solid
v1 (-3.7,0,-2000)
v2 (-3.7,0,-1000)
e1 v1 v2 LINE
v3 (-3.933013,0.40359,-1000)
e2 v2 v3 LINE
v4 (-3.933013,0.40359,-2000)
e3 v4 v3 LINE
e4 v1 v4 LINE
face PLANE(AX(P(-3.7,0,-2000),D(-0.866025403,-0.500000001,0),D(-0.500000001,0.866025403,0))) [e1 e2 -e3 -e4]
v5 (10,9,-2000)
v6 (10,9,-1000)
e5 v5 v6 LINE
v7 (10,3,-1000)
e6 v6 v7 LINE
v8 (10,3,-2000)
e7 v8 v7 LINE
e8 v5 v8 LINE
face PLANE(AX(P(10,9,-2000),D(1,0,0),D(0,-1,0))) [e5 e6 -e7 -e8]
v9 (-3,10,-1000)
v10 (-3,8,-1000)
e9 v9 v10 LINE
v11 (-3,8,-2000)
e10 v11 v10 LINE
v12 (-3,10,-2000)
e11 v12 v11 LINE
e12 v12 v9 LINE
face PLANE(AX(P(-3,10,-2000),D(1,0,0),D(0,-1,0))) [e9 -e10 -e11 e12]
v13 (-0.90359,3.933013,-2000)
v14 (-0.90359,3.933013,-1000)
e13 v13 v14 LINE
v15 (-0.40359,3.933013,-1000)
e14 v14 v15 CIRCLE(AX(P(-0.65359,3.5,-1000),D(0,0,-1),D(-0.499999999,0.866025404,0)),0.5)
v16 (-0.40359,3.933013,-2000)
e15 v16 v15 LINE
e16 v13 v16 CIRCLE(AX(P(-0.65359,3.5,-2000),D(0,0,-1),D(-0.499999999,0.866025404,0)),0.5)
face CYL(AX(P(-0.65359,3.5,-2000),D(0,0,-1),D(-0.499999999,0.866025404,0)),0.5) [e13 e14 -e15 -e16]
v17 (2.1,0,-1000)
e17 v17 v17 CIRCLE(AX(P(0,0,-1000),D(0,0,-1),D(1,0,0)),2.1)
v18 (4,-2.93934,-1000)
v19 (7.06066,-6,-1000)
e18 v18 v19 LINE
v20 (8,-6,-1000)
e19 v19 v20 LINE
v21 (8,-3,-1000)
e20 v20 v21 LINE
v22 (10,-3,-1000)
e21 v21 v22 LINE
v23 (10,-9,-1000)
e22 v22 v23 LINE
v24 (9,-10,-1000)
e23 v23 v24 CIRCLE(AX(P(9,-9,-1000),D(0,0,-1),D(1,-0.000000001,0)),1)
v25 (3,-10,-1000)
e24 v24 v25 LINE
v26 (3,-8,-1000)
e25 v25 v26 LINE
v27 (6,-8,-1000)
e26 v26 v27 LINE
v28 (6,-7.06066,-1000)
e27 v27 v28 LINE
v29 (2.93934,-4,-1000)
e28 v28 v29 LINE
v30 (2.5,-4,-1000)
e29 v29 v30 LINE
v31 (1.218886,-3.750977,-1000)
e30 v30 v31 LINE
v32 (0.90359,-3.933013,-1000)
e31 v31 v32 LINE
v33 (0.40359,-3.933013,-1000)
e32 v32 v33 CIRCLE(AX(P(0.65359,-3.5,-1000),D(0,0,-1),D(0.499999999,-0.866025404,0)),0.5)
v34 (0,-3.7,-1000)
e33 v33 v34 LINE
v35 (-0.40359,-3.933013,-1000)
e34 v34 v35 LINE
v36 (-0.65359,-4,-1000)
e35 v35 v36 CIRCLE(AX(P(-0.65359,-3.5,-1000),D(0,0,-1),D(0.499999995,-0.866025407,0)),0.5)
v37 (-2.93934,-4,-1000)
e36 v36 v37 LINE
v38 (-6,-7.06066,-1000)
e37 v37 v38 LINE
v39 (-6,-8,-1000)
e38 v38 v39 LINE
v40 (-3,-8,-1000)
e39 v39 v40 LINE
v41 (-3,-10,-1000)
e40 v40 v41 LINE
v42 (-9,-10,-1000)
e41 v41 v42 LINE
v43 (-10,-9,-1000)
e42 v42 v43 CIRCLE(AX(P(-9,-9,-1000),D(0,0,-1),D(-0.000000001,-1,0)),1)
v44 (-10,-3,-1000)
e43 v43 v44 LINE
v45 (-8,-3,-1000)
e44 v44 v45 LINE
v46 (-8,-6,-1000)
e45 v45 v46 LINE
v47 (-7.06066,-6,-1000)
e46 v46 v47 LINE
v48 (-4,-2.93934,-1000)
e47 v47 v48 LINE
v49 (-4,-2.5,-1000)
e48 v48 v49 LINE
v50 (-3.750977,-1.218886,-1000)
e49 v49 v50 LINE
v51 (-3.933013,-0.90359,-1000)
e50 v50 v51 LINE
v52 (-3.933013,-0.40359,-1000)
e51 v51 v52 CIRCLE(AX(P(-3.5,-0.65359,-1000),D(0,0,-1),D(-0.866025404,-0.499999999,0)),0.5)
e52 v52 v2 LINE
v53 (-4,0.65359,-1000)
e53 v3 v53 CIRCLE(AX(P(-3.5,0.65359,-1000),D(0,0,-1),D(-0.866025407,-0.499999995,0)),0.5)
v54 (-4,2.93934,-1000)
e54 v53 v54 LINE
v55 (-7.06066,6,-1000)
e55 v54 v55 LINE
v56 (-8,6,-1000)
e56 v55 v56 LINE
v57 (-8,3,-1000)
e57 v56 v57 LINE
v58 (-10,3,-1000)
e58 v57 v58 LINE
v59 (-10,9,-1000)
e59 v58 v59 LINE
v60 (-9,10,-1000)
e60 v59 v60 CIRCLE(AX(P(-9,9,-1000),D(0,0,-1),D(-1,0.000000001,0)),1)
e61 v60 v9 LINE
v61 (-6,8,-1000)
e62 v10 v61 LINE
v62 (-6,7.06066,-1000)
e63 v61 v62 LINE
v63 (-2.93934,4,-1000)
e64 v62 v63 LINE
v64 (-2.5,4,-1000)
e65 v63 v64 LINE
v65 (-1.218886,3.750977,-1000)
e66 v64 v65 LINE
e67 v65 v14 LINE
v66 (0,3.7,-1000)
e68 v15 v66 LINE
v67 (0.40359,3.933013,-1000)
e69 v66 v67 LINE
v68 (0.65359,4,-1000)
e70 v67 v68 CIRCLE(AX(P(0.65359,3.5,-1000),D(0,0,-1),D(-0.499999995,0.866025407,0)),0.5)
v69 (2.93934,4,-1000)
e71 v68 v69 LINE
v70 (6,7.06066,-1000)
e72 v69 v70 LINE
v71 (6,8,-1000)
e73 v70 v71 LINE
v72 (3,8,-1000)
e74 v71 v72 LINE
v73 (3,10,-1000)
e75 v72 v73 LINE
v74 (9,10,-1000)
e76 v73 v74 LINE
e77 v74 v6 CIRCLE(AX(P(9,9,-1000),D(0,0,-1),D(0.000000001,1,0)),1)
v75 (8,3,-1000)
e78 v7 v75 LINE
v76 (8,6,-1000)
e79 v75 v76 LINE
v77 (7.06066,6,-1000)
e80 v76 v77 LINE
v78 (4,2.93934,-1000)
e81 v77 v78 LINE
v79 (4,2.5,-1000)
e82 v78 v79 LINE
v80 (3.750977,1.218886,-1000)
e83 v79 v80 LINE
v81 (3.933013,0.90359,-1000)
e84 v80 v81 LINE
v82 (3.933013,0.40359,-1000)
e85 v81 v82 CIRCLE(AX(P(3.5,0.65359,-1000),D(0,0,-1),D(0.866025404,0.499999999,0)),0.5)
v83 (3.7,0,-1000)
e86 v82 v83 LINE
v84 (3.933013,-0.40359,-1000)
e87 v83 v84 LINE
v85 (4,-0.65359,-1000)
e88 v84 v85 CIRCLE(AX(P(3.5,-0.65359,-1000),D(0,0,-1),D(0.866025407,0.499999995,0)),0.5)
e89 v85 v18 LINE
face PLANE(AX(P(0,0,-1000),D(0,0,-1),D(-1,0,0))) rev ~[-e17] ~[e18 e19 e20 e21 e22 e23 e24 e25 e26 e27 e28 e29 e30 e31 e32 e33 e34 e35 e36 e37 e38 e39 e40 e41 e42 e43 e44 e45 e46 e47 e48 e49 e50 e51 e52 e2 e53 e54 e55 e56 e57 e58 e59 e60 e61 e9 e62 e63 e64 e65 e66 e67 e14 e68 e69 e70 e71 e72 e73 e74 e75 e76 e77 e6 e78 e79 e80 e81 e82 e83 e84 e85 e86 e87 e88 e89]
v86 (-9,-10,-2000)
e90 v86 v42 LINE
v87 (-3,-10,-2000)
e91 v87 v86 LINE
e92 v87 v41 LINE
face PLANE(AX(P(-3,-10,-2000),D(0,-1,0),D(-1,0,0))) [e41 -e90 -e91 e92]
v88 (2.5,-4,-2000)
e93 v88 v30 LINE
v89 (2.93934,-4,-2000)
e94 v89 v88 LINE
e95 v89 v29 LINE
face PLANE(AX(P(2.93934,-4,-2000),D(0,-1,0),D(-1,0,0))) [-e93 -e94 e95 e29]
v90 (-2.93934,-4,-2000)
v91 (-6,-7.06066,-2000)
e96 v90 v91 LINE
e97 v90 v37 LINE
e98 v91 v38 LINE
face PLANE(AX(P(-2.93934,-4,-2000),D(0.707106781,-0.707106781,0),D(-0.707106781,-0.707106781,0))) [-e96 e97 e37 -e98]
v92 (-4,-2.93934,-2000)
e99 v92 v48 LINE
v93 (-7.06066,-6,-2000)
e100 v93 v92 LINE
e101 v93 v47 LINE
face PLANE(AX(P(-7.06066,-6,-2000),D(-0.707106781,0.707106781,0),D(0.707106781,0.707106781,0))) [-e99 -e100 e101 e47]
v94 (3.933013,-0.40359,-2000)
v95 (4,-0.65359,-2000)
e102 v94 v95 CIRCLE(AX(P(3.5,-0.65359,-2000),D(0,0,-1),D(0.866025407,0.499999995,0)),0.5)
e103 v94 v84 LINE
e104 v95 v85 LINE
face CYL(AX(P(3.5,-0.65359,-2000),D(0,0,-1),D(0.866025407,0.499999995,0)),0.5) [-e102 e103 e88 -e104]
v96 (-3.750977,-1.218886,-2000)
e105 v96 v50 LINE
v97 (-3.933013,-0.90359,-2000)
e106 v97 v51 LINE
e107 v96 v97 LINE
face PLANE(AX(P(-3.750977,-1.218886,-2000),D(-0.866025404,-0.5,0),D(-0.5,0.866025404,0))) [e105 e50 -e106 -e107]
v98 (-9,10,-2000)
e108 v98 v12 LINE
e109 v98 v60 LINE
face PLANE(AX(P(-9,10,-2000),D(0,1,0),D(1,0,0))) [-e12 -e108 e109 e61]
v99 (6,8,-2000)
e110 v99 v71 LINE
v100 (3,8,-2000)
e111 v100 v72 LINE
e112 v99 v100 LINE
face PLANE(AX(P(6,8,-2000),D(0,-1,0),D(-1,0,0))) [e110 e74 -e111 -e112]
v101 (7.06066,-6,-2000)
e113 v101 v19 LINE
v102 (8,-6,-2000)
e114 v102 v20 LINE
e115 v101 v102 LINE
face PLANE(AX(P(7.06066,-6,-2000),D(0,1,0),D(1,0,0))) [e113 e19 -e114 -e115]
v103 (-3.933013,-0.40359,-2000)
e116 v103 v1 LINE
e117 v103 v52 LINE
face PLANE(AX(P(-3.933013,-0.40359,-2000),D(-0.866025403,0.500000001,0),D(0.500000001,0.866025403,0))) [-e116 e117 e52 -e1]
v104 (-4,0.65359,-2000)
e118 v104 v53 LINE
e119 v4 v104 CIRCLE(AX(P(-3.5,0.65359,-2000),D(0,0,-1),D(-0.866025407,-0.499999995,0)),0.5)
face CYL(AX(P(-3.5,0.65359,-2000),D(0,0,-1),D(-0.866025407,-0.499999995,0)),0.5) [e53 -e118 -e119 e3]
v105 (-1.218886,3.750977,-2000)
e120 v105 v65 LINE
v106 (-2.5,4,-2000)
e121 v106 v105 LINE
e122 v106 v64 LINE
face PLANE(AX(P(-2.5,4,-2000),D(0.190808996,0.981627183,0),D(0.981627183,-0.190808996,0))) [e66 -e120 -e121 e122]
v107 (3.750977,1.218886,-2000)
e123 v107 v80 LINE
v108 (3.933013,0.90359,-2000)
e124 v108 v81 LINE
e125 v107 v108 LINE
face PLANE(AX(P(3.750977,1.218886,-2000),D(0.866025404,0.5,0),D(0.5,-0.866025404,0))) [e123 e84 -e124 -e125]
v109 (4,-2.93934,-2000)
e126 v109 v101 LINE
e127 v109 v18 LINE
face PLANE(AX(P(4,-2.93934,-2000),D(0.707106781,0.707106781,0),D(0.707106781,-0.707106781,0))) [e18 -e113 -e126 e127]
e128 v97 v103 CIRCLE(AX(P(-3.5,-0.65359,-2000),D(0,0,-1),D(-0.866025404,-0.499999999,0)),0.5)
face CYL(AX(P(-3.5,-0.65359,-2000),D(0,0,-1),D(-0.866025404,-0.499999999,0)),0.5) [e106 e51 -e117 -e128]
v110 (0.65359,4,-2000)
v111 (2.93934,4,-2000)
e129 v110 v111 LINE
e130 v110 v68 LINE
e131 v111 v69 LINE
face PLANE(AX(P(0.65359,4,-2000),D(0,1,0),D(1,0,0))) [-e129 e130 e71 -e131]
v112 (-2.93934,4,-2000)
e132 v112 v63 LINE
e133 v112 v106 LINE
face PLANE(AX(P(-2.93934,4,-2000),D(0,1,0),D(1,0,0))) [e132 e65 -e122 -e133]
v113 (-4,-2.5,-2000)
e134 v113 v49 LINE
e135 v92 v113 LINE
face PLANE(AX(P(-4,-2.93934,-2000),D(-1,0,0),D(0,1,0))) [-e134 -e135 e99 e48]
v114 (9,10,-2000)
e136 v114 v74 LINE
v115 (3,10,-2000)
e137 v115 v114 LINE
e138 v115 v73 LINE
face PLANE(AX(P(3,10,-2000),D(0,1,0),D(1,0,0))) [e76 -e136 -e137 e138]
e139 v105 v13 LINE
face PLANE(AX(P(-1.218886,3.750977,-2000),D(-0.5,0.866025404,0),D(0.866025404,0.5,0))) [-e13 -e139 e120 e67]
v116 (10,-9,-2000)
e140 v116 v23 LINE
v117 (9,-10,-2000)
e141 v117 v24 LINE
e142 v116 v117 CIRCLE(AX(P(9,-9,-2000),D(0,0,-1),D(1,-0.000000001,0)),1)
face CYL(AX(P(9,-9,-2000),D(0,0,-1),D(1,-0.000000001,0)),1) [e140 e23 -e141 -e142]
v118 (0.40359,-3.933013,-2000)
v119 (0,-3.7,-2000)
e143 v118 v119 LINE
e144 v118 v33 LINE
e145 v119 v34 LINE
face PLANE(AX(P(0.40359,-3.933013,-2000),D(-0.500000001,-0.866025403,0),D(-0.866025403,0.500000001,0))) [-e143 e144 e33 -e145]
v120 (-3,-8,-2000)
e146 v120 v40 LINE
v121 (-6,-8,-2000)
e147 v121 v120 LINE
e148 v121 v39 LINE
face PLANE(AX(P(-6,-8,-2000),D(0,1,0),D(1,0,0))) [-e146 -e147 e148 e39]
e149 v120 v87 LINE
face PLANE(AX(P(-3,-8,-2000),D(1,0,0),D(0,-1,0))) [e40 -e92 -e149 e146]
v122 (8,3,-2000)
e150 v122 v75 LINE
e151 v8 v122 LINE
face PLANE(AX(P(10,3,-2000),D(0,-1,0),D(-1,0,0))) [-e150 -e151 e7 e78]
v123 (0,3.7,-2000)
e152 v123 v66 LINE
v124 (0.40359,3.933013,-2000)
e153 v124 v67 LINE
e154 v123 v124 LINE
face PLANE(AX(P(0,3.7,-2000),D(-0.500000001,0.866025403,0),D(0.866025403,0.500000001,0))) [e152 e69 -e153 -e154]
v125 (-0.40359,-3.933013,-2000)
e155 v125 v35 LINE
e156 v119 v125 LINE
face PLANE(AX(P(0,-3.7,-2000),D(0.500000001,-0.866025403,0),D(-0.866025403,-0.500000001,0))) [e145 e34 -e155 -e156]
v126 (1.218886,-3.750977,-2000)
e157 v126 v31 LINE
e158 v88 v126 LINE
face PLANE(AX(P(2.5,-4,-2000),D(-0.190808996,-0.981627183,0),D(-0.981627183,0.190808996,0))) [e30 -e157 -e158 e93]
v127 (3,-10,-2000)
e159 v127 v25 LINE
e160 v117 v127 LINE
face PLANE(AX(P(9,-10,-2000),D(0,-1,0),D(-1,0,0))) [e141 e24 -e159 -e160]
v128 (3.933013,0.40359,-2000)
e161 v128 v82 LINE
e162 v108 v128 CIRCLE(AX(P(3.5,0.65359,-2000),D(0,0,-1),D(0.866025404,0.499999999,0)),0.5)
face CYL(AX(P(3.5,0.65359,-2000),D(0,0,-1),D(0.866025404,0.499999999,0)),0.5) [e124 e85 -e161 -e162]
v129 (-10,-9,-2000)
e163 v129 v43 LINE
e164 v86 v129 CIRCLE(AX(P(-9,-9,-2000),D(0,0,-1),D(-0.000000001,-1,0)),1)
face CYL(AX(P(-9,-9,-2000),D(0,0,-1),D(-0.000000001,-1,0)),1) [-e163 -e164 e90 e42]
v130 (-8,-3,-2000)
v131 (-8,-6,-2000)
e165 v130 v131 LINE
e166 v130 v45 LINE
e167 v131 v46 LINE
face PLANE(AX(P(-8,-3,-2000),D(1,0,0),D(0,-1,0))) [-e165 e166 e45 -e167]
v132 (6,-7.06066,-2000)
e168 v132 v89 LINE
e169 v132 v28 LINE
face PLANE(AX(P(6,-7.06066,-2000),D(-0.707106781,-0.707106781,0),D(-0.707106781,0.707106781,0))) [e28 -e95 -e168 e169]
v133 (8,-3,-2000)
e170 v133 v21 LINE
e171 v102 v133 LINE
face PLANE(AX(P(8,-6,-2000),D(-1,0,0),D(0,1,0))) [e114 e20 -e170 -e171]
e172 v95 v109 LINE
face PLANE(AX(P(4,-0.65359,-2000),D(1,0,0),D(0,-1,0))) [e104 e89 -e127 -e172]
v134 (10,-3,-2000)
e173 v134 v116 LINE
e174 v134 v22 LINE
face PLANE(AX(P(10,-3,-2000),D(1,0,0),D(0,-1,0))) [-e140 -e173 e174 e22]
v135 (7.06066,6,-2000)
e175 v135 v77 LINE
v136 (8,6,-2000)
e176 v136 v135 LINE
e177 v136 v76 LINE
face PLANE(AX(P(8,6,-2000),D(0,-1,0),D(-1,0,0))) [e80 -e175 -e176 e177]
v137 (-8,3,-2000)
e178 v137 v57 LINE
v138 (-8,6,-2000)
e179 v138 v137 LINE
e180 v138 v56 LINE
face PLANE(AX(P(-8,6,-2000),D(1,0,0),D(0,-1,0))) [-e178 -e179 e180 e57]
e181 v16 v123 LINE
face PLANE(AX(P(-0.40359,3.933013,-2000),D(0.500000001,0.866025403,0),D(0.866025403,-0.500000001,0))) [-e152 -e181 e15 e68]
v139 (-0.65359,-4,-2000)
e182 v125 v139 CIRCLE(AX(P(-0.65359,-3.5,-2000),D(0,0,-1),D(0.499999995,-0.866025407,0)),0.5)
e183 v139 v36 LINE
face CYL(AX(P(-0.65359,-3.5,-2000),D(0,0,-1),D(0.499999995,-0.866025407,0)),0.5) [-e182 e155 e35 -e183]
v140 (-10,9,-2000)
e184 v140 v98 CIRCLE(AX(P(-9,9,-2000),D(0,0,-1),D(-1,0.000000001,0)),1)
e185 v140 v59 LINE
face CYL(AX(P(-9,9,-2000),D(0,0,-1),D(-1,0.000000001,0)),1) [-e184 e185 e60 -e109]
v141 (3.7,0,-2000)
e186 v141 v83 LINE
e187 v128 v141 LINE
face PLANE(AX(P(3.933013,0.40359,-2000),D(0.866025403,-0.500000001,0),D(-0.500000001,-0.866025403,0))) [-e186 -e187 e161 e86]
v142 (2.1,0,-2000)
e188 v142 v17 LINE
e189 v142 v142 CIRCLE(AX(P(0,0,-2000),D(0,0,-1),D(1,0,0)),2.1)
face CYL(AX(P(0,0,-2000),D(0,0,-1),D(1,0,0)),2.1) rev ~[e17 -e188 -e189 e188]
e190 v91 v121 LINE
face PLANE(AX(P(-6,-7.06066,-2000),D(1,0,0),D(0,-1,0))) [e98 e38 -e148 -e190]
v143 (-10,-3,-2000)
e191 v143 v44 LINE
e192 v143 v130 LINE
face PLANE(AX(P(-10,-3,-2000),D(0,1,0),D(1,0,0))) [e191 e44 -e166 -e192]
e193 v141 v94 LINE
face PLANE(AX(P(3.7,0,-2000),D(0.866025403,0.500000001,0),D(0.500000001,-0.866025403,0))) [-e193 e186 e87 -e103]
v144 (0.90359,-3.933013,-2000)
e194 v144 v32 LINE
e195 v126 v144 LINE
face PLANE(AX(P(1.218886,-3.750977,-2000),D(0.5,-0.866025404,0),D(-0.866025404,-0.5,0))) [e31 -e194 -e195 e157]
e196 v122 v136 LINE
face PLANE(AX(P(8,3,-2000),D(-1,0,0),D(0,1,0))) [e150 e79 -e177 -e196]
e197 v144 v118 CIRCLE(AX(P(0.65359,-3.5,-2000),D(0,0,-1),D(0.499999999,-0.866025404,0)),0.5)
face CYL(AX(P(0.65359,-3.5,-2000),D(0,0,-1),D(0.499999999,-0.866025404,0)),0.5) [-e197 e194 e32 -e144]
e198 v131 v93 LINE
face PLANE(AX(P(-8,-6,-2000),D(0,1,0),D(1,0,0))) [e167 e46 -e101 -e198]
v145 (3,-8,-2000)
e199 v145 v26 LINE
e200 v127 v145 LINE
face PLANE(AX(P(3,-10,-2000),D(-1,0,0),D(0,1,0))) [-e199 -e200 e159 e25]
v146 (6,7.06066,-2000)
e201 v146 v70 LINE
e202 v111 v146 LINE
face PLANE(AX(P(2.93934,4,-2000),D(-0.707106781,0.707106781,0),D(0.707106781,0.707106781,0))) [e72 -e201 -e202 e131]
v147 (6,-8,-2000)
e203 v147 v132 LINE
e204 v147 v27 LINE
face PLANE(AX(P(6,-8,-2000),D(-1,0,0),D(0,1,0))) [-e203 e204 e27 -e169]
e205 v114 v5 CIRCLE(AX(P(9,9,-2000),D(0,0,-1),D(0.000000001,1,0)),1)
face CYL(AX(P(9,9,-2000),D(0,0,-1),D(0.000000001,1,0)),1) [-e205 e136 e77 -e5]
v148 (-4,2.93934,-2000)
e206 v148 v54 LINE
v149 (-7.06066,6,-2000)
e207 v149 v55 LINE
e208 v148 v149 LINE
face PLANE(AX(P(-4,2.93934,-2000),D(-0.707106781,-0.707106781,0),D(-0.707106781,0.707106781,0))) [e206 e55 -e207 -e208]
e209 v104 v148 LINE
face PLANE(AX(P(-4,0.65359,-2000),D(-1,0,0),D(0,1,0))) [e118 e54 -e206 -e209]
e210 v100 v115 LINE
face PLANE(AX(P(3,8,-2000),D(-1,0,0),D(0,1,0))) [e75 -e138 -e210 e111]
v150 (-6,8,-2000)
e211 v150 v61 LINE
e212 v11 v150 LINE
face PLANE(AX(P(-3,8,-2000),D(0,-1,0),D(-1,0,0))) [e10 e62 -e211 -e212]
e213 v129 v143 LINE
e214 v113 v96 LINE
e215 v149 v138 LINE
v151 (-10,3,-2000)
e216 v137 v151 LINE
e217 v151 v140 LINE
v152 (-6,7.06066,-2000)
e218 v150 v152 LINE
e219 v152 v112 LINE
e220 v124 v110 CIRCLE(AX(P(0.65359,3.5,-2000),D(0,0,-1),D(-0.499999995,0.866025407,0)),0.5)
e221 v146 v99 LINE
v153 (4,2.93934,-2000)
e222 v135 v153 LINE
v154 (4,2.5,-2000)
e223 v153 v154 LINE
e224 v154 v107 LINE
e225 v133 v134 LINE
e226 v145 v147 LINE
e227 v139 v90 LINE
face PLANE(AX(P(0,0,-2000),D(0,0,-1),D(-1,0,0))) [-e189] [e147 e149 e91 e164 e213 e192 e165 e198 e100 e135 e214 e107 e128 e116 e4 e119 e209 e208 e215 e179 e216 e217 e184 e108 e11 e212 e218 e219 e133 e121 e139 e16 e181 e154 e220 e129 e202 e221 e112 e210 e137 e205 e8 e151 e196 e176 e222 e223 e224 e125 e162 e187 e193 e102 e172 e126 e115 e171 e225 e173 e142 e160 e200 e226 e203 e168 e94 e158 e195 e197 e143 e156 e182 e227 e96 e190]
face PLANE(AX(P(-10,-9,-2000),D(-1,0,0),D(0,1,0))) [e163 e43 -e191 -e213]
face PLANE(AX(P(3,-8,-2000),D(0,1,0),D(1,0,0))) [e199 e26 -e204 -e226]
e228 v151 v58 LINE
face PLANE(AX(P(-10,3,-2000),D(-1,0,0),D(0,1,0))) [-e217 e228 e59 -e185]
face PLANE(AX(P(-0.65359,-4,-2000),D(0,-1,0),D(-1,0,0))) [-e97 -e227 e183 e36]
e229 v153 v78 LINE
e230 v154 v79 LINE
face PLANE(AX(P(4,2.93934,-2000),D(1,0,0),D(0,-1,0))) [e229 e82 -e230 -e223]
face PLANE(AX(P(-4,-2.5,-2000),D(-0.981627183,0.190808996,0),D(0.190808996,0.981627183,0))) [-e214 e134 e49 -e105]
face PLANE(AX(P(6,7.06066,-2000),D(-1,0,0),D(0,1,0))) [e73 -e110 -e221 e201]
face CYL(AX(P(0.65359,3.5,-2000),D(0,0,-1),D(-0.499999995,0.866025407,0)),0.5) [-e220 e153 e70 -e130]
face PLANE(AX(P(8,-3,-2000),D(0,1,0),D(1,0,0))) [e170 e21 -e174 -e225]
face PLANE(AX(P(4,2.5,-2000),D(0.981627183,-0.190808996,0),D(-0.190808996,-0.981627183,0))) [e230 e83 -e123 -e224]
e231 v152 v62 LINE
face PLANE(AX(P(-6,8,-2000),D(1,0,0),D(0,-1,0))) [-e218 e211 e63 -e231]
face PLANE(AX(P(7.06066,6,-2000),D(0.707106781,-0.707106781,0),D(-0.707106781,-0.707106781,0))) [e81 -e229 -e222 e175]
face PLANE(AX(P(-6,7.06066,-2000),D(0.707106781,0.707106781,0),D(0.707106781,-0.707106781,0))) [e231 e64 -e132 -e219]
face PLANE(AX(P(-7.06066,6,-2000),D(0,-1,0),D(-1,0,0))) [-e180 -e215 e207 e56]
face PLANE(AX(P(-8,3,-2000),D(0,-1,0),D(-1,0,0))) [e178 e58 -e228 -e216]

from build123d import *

# Parameters (mm, degrees)
SKETCH1_R           = 2.1
BOSS_EXTRUDE1_DEPTH = 1000


with BuildPart() as part:
    # Sketch1 → Boss-Extrude1 (new body)
    with BuildSketch(Plane(origin=(0, 0, -2000), x_dir=(-1, 0, 0), z_dir=(0, 0, -1))):
        with BuildLine():
            Line((10, -3), (8, -3))
            Line((8, -3), (8, -6))
            Line((8, -6), (7.060660172, -6))
            Line((7.060660172, -6), (4, -2.939339828))
            Line((4, -2.939339828), (4, -2.5))
            Line((4, -2.5), (3.750976592, -1.218885629))
            Line((3.750976592, -1.218885629), (3.933012702, -0.903589838))
            ThreePointArc((3.933012702, -0.903589838), (4, -0.653589838), (3.933012702, -0.403589838))
            Line((3.933012702, -0.403589838), (3.7, 0))
            Line((3.7, 0), (3.933012702, 0.403589838))
            ThreePointArc((3.933012702, 0.403589838), (3.982962913, 0.524180316), (4, 0.653589838))
            Line((4, 0.653589838), (4, 2.939339828))
            Line((4, 2.939339828), (7.060660172, 6))
            Line((7.060660172, 6), (8, 6))
            Line((8, 6), (8, 3))
            Line((8, 3), (10, 3))
            Line((10, 3), (10, 9))
            ThreePointArc((10, 9), (9.707106781, 9.707106781), (9, 10))
            Line((9, 10), (3, 10))
            Line((3, 10), (3, 8))
            Line((3, 8), (6, 8))
            Line((6, 8), (6, 7.060660172))
            Line((6, 7.060660172), (2.939339828, 4))
            Line((2.939339828, 4), (2.5, 4))
            Line((2.5, 4), (1.218885629, 3.750976592))
            Line((1.218885629, 3.750976592), (0.903589838, 3.933012702))
            ThreePointArc((0.903589838, 3.933012702), (0.653589838, 4), (0.403589838, 3.933012702))
            Line((0.403589838, 3.933012702), (0, 3.7))
            Line((0, 3.7), (-0.403589838, 3.933012702))
            ThreePointArc((-0.403589838, 3.933012702), (-0.524180316, 3.982962913), (-0.653589838, 4))
            Line((-0.653589838, 4), (-2.939339828, 4))
            Line((-2.939339828, 4), (-6, 7.060660172))
            Line((-6, 7.060660172), (-6, 8))
            Line((-6, 8), (-3, 8))
            Line((-3, 8), (-3, 10))
            Line((-3, 10), (-9, 10))
            ThreePointArc((-9, 10), (-9.707106781, 9.707106781), (-10, 9))
            Line((-10, 9), (-10, 3))
            Line((-10, 3), (-8, 3))
            Line((-8, 3), (-8, 6))
            Line((-8, 6), (-7.060660172, 6))
            Line((-7.060660172, 6), (-4, 2.939339828))
            Line((-4, 2.939339828), (-4, 2.5))
            Line((-4, 2.5), (-3.750976592, 1.218885629))
            Line((-3.750976592, 1.218885629), (-3.933012702, 0.903589838))
            ThreePointArc((-3.933012702, 0.903589838), (-4, 0.653589838), (-3.933012702, 0.403589838))
            Line((-3.933012702, 0.403589838), (-3.7, 0))
            Line((-3.7, 0), (-3.933012702, -0.403589838))
            ThreePointArc((-3.933012702, -0.403589838), (-3.982962913, -0.524180316), (-4, -0.653589838))
            Line((-4, -0.653589838), (-4, -2.939339828))
            Line((-4, -2.939339828), (-7.060660172, -6))
            Line((-7.060660172, -6), (-8, -6))
            Line((-8, -6), (-8, -3))
            Line((-8, -3), (-10, -3))
            Line((-10, -3), (-10, -9))
            ThreePointArc((-10, -9), (-9.707106781, -9.707106781), (-9, -10))
            Line((-9, -10), (-3, -10))
            Line((-3, -10), (-3, -8))
            Line((-3, -8), (-6, -8))
            Line((-6, -8), (-6, -7.060660172))
            Line((-6, -7.060660172), (-2.939339828, -4))
            Line((-2.939339828, -4), (-2.5, -4))
            Line((-2.5, -4), (-1.218885629, -3.750976592))
            Line((-1.218885629, -3.750976592), (-0.903589838, -3.933012702))
            ThreePointArc((-0.903589838, -3.933012702), (-0.653589838, -4), (-0.403589838, -3.933012702))
            Line((-0.403589838, -3.933012702), (0, -3.7))
            Line((0, -3.7), (0.403589838, -3.933012702))
            ThreePointArc((0.403589838, -3.933012702), (0.524180316, -3.982962913), (0.653589838, -4))
            Line((0.653589838, -4), (2.939339828, -4))
            Line((2.939339828, -4), (6, -7.060660172))
            Line((6, -7.060660172), (6, -8))
            Line((6, -8), (3, -8))
            Line((3, -8), (3, -10))
            Line((3, -10), (9, -10))
            ThreePointArc((9, -10), (9.707106781, -9.707106781), (10, -9))
            Line((10, -9), (10, -3))
        make_face()
        with Locations(Location((0, 0, 0), (0, 0, 180))):
            Circle(SKETCH1_R, mode=Mode.SUBTRACT)
    extrude(amount=-BOSS_EXTRUDE1_DEPTH)


solid = part.part
